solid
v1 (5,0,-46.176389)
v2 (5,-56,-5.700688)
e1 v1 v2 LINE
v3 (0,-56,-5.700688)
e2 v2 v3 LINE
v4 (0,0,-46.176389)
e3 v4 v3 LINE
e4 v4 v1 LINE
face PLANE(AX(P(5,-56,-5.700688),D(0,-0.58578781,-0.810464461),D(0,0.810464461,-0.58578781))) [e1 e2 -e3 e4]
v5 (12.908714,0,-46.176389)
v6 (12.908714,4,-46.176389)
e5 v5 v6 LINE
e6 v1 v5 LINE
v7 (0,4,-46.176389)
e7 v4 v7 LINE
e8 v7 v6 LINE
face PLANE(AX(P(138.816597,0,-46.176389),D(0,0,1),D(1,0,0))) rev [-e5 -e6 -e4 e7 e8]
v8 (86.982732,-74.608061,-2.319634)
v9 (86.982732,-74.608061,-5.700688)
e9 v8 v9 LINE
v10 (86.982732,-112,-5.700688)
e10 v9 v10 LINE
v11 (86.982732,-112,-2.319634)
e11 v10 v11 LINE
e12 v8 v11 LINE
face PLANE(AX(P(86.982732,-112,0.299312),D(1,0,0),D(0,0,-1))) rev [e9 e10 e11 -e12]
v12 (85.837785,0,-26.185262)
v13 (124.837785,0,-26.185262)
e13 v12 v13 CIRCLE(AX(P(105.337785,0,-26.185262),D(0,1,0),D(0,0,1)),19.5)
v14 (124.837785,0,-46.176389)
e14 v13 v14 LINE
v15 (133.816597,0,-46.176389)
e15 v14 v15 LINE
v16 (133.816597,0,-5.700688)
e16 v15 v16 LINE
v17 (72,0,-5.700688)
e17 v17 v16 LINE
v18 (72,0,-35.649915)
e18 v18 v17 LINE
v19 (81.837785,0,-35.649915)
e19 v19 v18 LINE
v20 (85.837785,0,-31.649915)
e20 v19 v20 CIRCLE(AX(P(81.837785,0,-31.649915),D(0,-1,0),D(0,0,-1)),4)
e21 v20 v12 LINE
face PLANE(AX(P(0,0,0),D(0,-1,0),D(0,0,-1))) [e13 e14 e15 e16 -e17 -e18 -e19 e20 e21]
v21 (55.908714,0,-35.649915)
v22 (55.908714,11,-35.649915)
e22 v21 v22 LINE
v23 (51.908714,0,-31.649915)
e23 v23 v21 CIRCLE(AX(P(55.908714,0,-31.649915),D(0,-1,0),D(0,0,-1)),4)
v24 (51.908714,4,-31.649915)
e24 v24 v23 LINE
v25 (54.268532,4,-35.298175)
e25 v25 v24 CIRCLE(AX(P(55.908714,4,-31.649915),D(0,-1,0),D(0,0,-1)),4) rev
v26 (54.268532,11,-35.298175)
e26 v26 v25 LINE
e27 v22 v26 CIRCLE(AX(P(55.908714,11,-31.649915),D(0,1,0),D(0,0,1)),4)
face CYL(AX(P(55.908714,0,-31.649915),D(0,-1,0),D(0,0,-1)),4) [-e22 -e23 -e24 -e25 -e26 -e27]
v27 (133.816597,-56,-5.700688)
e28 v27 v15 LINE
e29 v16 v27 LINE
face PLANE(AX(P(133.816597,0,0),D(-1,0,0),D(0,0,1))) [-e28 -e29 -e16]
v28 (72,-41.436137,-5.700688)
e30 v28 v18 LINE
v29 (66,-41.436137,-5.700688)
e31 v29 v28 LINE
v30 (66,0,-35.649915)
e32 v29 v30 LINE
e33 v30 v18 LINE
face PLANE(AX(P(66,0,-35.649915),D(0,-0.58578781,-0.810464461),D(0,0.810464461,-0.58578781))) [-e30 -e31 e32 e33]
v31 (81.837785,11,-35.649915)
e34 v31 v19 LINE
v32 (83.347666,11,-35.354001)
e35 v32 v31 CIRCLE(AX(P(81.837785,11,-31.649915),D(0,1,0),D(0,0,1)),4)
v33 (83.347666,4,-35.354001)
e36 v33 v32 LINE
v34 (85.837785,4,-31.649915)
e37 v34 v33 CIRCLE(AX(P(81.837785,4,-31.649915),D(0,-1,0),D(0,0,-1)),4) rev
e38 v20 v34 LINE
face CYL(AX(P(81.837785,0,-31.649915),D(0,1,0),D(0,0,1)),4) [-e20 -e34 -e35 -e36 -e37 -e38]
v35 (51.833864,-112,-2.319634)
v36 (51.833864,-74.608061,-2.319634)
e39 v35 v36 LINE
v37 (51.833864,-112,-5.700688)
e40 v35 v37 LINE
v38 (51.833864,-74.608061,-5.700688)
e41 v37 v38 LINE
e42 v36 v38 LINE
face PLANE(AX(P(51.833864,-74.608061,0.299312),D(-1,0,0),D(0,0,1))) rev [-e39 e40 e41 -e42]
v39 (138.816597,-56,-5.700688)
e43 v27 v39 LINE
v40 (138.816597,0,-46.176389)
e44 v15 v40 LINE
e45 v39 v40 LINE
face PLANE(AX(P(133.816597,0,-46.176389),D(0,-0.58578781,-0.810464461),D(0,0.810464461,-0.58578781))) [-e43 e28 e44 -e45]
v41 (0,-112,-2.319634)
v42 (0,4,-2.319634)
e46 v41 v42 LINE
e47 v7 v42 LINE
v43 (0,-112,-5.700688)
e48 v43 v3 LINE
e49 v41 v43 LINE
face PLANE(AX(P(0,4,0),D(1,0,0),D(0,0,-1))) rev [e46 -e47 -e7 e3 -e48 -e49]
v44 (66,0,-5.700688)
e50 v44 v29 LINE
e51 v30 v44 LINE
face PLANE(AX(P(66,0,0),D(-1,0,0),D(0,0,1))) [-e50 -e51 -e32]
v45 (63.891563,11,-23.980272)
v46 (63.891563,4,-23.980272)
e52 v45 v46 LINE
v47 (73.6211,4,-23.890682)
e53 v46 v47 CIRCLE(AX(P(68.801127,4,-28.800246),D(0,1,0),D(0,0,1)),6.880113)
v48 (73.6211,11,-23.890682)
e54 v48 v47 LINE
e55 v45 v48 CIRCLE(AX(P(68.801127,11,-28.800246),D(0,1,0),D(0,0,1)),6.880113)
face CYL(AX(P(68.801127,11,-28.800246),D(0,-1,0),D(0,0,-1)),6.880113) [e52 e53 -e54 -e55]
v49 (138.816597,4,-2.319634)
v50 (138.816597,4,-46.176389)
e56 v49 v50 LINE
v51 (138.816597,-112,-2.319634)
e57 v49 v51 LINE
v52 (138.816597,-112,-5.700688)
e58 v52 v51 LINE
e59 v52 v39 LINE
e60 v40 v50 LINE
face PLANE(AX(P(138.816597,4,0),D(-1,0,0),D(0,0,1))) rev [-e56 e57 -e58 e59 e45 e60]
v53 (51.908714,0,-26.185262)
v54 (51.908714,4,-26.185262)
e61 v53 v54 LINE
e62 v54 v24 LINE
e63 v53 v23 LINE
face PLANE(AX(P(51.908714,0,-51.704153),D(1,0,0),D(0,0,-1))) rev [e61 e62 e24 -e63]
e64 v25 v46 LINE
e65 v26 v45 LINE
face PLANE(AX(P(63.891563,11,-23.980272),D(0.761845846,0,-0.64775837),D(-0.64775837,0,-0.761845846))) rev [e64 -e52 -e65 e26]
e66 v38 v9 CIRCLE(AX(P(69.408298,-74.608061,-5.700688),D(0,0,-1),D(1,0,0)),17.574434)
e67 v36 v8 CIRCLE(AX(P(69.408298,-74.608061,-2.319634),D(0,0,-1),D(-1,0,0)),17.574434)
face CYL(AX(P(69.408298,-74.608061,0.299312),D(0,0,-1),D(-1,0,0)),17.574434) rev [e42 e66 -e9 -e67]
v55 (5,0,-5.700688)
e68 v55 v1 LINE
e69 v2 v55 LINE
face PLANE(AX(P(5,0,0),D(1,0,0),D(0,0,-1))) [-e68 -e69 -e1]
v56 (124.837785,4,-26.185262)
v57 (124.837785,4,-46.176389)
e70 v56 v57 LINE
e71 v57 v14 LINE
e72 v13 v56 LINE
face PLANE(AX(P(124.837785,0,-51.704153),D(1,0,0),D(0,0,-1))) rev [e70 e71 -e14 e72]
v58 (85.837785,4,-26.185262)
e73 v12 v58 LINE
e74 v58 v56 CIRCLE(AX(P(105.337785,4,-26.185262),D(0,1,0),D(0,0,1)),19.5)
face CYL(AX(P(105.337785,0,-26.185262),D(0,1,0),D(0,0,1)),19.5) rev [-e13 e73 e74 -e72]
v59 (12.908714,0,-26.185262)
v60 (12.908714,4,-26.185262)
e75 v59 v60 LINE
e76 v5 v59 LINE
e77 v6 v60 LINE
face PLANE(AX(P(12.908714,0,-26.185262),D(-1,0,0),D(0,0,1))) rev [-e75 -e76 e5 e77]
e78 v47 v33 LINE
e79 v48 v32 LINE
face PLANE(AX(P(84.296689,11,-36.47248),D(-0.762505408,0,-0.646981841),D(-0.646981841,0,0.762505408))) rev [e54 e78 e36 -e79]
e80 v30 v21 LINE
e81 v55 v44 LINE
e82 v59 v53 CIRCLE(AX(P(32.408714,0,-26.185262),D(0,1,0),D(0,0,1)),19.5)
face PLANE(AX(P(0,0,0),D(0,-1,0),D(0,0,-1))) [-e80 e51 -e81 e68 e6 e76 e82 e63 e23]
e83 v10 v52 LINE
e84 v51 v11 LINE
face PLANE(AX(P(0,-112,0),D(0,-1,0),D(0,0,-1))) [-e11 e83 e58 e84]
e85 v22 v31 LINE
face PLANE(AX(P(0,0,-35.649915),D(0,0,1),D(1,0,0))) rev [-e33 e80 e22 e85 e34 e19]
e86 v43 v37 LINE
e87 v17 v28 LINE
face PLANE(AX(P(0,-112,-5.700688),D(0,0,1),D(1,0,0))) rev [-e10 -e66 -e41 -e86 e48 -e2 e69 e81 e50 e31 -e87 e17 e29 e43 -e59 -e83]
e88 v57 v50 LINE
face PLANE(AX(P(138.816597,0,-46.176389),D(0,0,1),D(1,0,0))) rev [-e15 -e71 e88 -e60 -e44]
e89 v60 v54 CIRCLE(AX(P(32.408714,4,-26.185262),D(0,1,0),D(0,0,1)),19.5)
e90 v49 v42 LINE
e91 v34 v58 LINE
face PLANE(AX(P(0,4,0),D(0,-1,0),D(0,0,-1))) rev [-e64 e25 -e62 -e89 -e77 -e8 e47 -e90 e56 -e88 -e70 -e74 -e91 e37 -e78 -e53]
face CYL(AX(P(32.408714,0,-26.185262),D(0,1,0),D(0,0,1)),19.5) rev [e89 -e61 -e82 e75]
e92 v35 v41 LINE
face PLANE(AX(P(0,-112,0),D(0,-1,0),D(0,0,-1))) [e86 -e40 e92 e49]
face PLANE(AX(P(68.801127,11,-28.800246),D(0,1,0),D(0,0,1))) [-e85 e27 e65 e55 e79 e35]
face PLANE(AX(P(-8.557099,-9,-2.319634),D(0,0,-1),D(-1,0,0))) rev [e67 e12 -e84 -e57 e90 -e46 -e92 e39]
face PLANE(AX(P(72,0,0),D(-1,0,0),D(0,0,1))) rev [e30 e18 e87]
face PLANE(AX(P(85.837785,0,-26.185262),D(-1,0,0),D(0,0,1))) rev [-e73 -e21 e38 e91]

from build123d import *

# Parameters (mm, degrees)
SKETCH1_W                = 138.816596539
SKETCH1_H                = 51.704152624
BOSS_EXTRUDE1_DEPTH      = 4
SKETCH2_R                = 19.5
CUT_EXTRUDE1_DEPTH       = 4
SKETCH3_W                = 39
SKETCH3_H                = 25.518890855
CUT_EXTRUDE2_DEPTH       = 4
SKETCH4_W                = 138.816596539
SKETCH4_H                = 5.527763413
CUT_EXTRUDE3_DEPTH       = 4
CUT_EXTRUDE4_DEPTH       = 4
BOSS_EXTRUDE2_DEPTH      = 7
CUT_EXTRUDE6_DEPTH       = 10
CUT_EXTRUDE6_DEPTH_BACK  = 1
SKETCH8_W                = 41.210335228
SKETCH8_H                = 18.724016431
FILLET1_R                = 4
SKETCH9_W                = 159.262648619
SKETCH9_H                = 8.218574615
CUT_EXTRUDE7_DEPTH       = 13
SKETCH10_W               = 138.816596539
SKETCH10_H               = 3.381053597
BOSS_EXTRUDE3_DEPTH      = 112
CUT_EXTRUDE8_DEPTH       = 6
BOSS_EXTRUDE4_DEPTH      = 5
BOSS_EXTRUDE5_DEPTH      = 5
BOSS_EXTRUDE6_DEPTH      = 3
BOSS_EXTRUDE6_DEPTH_BACK = 3


with BuildPart() as part:
    # Sketch1 → Boss-Extrude1 (new body)
    with BuildSketch(Plane(origin=(0, 0, 0), x_dir=(1, 0, 0), z_dir=(0, 1, 0))):
        with Locations((69.40829827, 25.852076312)):
            Rectangle(SKETCH1_W, SKETCH1_H)
    extrude(amount=BOSS_EXTRUDE1_DEPTH)

    # Sketch2 → Cut-Extrude1 (cut)
    with BuildSketch(Plane(origin=(0, 4, 0), x_dir=(1, 0, 0), z_dir=(0, 1, 0))):
        with Locations(Location((32.40871363, 26.185261769, 0), (0, 0, 270))):
            Circle(SKETCH2_R)
        with Locations(Location((105.33778471, 26.185261769, 0), (0, 0, 270))):
            Circle(SKETCH2_R)
    extrude(amount=-CUT_EXTRUDE1_DEPTH, mode=Mode.SUBTRACT)

    # Sketch3 → Cut-Extrude2 (cut)
    with BuildSketch(Plane(origin=(0, 4, 0), x_dir=(1, 0, 0), z_dir=(0, 1, 0))):
        with Locations((32.40871363, 38.944707197)):
            Rectangle(SKETCH3_W, SKETCH3_H)
        with Locations((105.33778471, 38.944707197)):
            Rectangle(SKETCH3_W, SKETCH3_H)
    extrude(amount=-CUT_EXTRUDE2_DEPTH, mode=Mode.SUBTRACT)

    # Sketch4 → Cut-Extrude3 (cut)
    with BuildSketch(Plane(origin=(0, 4, 0), x_dir=(1, 0, 0), z_dir=(0, 1, 0))):
        with Locations((69.40829827, 48.940270918)):
            Rectangle(SKETCH4_W, SKETCH4_H)
    extrude(amount=-CUT_EXTRUDE3_DEPTH, mode=Mode.SUBTRACT)

    # Sketch5 → Cut-Extrude4 (cut)
    with BuildSketch(Plane(origin=(0, 4, 0), x_dir=(1, 0, 0), z_dir=(0, 1, 0))):
        Polygon((51.928250722, 38.363055383), (49.904010148, 40.387295957), (49.904010148, 49.123987915), (88.976343822, 49.123987915), (88.23099636, 41.297839561), (87.953832157, 40.819568311), (85.857321802, 38.348253507), (84.416556547, 36.649914887), (53.389948025, 36.649914887), align=None)
    extrude(amount=-CUT_EXTRUDE4_DEPTH, mode=Mode.SUBTRACT)

    # Sketch6 → Boss-Extrude2 (add)
    with BuildSketch(Plane(origin=(0, 4, 0), x_dir=(1, 0, 0), z_dir=(0, 1, 0))):
        with BuildLine():
            Line((53.27008085, 36.472479648), (84.296689371, 36.472479648))
            Line((84.296689371, 36.472479648), (73.621100147, 23.890682137))
            ThreePointArc((73.621100147, 23.890682137), (68.737776852, 21.92042398), (63.891562932, 23.980272094))
            Line((63.891562932, 23.980272094), (53.27008085, 36.472479648))
        make_face()
    extrude(amount=BOSS_EXTRUDE2_DEPTH)

    # Sketch8 → Cut-Extrude6 (cut, two sides: drawn at the far end of the back side and taken through both)
    with BuildSketch(Plane(origin=(0, 0, -36.649914887), x_dir=(-1, 0, 0), z_dir=(0, 0, -1)).offset(-CUT_EXTRUDE6_DEPTH_BACK)):
        with Locations((-66.917709276, 5.20508787)):
            Rectangle(SKETCH8_W, SKETCH8_H)
    extrude(amount=CUT_EXTRUDE6_DEPTH + CUT_EXTRUDE6_DEPTH_BACK, mode=Mode.SUBTRACT)

    # Fillet1
    fillet1_edges = [part.edges().sort_by_distance(p)[0] for p in [
        (85.83778471, 2, -35.649914887),
        (51.90871363, 2, -35.649914887),
    ]]
    fillet(fillet1_edges, radius=FILLET1_R)

    # Sketch9 → Cut-Extrude7 (cut)
    with BuildSketch(Plane(origin=(0, 4, 0), x_dir=(1, 0, 0), z_dir=(0, 1, 0))):
        with Locations((71.074225557, -1.789652878)):
            Rectangle(SKETCH9_W, SKETCH9_H)
    extrude(amount=-CUT_EXTRUDE7_DEPTH, mode=Mode.SUBTRACT)

    # Sketch10 → Boss-Extrude3 (add)
    with BuildSketch(Plane(origin=(0, 0, 0), x_dir=(-1, 0, 0), z_dir=(0, -1, 0))):
        with Locations((-69.40829827, 4.010161229)):
            Rectangle(SKETCH10_W, SKETCH10_H)
    extrude(amount=BOSS_EXTRUDE3_DEPTH)

    # Sketch11 → Cut-Extrude8 (cut)
    with BuildSketch(Plane(origin=(0, 0, -5.700688027), x_dir=(-1, 0, 0), z_dir=(0, 0, -1))):
        with BuildLine():
            Line((-51.833864247, -74.608061362), (-51.833864247, -112))
            Line((-51.833864247, -112), (-86.982732292, -112))
            Line((-86.982732292, -112), (-86.982732292, -74.608061362))
            ThreePointArc((-86.982732292, -74.608061362), (-69.40829827, -57.033627339), (-51.833864247, -74.608061362))
        make_face()
    extrude(amount=-CUT_EXTRUDE8_DEPTH, mode=Mode.SUBTRACT)

    # Sketch12 → Boss-Extrude4 (add)
    with BuildSketch(Plane.ZY):
        Polygon((-46.176389211, 0), (-5.700688027, 0), (-5.700688027, -56), align=None)
    extrude(amount=-BOSS_EXTRUDE4_DEPTH)

    # Sketch13 → Boss-Extrude5 (add)
    with BuildSketch(Plane(origin=(138.816596539, 0, 0), x_dir=(0, 0, -1), z_dir=(1, 0, 0))):
        Polygon((5.700688027, 0), (46.176389211, 0), (5.700688027, -56), align=None)
    extrude(amount=-BOSS_EXTRUDE5_DEPTH)

    # Sketch14 → Boss-Extrude6 (add, two sides: drawn at the far end of the back side and taken through both)
    with BuildSketch(Plane(origin=(69, 0, 0), x_dir=(0, 0, -1), z_dir=(1, 0, 0)).offset(-BOSS_EXTRUDE6_DEPTH_BACK)):
        Polygon((5.700688027, 0), (35.649914887, 0), (5.700688027, -41.436137117), align=None)
    extrude(amount=BOSS_EXTRUDE6_DEPTH + BOSS_EXTRUDE6_DEPTH_BACK)


solid = part.part
